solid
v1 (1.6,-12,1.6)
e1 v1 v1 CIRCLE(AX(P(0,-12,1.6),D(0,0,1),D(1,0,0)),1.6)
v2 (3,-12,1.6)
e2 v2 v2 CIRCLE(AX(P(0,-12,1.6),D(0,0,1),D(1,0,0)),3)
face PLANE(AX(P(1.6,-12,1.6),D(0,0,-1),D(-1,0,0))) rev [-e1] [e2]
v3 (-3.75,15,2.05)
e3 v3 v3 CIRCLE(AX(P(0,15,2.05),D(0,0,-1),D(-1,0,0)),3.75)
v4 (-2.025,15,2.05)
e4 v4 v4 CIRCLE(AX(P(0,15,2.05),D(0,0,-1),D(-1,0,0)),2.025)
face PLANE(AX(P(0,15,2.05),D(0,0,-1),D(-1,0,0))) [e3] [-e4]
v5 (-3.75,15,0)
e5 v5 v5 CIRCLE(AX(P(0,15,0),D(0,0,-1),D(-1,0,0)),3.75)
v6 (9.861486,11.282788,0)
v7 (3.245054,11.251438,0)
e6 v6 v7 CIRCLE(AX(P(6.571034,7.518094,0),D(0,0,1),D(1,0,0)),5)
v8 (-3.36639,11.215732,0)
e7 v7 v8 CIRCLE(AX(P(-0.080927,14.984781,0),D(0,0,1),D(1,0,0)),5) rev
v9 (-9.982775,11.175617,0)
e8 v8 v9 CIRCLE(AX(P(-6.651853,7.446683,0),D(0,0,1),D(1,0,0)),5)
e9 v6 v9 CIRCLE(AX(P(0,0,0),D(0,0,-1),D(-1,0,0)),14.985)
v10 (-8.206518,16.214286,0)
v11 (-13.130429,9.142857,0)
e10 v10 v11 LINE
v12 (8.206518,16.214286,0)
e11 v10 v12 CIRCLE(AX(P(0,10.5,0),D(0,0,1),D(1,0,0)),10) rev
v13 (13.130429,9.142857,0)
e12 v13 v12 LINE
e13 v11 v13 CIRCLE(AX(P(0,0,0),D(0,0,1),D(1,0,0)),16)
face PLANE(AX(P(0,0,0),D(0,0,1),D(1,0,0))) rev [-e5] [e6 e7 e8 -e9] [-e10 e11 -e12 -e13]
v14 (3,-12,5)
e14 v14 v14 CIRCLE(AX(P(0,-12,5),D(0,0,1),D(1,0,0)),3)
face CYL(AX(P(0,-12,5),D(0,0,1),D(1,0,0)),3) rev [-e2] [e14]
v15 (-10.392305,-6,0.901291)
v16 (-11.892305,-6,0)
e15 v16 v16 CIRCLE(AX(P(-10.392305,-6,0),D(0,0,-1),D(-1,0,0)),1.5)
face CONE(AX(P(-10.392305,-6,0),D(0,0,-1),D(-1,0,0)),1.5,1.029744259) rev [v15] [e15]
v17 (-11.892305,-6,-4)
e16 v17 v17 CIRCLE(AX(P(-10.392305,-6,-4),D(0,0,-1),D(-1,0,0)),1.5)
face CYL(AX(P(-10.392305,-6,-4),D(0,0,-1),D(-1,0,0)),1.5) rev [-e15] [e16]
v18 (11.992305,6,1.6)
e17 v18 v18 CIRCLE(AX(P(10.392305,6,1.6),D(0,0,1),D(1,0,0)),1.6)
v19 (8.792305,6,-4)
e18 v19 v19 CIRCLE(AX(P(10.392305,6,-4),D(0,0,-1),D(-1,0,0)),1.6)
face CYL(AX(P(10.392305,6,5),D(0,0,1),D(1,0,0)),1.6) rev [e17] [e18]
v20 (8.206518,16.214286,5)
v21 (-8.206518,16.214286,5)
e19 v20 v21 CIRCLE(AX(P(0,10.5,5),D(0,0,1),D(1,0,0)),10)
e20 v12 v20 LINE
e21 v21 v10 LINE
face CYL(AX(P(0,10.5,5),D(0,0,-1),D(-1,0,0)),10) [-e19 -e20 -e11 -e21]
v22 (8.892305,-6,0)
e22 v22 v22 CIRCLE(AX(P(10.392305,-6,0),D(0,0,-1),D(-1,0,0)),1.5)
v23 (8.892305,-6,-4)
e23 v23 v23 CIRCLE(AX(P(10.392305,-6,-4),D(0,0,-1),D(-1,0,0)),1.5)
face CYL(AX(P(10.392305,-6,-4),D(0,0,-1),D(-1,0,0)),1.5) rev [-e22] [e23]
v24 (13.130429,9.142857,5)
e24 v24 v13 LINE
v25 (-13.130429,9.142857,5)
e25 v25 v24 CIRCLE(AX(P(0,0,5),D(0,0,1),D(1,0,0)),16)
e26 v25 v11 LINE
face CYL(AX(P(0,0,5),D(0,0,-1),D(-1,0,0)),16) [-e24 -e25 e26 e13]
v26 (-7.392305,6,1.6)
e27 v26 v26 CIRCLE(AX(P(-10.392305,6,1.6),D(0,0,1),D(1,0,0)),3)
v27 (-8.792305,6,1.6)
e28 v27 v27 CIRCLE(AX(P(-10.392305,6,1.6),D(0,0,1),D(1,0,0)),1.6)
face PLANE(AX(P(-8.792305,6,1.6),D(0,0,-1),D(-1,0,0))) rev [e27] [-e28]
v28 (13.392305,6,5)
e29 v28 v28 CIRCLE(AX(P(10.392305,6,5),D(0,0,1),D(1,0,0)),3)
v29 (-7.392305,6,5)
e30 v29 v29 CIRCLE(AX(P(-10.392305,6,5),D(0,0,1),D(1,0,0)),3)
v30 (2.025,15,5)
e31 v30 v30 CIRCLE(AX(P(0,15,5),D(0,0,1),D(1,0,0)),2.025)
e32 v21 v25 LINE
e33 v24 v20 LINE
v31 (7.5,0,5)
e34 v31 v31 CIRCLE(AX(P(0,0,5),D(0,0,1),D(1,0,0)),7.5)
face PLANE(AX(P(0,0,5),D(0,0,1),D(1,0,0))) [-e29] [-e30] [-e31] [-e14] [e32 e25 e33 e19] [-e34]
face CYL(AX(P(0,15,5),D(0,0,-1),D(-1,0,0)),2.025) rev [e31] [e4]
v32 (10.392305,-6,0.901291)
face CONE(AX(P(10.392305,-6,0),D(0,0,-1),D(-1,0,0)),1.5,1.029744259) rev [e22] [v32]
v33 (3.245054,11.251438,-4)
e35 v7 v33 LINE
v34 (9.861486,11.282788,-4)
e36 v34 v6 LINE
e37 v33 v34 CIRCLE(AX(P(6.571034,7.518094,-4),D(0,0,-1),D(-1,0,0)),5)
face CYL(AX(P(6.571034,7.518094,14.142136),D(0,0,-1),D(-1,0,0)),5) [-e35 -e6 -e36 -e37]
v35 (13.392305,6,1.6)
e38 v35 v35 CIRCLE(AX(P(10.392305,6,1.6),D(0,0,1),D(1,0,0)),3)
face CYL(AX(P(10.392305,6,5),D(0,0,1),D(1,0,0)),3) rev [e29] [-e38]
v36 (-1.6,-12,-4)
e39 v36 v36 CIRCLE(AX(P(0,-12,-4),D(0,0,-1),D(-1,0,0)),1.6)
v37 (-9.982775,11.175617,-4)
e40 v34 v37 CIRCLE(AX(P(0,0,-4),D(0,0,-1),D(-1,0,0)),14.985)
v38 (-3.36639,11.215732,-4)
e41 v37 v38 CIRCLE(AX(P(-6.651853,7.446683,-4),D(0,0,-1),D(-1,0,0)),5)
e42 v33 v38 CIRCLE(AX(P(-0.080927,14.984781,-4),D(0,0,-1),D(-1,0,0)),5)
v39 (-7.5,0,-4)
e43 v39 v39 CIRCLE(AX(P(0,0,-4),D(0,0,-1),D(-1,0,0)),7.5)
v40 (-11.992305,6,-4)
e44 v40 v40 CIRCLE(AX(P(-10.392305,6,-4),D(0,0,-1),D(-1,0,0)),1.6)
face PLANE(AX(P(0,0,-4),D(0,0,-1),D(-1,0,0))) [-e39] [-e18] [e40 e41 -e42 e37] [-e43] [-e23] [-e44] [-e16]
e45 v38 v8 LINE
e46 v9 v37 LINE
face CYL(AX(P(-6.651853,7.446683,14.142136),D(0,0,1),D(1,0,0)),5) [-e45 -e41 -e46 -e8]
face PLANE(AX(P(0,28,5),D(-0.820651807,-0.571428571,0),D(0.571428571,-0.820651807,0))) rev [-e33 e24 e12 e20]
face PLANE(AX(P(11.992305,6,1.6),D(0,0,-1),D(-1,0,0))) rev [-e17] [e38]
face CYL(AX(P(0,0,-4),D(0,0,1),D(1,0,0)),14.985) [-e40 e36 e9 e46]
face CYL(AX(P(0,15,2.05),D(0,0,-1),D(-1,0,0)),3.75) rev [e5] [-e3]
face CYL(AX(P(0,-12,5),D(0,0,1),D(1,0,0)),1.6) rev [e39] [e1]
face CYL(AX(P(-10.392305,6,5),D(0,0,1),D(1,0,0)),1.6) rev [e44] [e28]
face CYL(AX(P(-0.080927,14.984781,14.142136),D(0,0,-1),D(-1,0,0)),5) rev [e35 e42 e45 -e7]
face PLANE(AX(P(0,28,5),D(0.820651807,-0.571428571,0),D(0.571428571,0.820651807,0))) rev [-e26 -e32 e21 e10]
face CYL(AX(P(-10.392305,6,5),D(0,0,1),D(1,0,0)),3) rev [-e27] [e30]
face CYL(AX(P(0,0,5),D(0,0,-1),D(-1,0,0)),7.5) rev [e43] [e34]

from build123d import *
from build123d.topology import SkipClean

# Parameters (mm, degrees)
SKETCH_1_R                   = 2.025
SKETCH_1_R_2                 = 7.5
EXTRUDE_1_DEPTH              = 5
FILLET_1_R                   = 10
EXTRUDE_START                = 4
SKETCH_6_R                   = 14.985
SKETCH_6_R_2                 = 7.5
EXTRUDE_2_DEPTH              = 4
HOLE_WIZARD_M3_2_D           = 3.2
HOLE_WIZARD_M3_2_CBORE_D     = 6
HOLE_WIZARD_M3_2_CBORE_DEPTH = 3.4
SKETCH_8_R                   = 5
CUT_EXTRUDE_1_DEPTH          = 4
SKETCH_4_R                   = 3.75
CUT_EXTRUDE_2_DEPTH          = 2.05
FILLET_2_R                   = 5
F_3_0MM_1_D                  = 3
F_3_0MM_1_DEPTH              = 4
F_3_0MM_1_TIP                = 0.901290929


with BuildPart() as part:
    # 草图1 → 凸台-拉伸1 (new body)
    with BuildSketch(Plane.XY):
        with BuildLine():
            Line((0, 28), (13.130428906, 9.142857143))
            ThreePointArc((13.130428906, 9.142857143), (0, -16), (-13.130428906, 9.142857143))
            Line((-13.130428906, 9.142857143), (0, 28))
        make_face()
        with Locations((0, 15)):
            Circle(SKETCH_1_R, mode=Mode.SUBTRACT)
        Circle(SKETCH_1_R_2, mode=Mode.SUBTRACT)
    extrude(amount=EXTRUDE_1_DEPTH)

    # 圆角1
    fillet_1_edges = [part.edges().sort_by_distance(p)[0] for p in [
        (0, 28, 2.5),
    ]]
    fillet(fillet_1_edges, radius=FILLET_1_R)

    # 草图6 → 凸台-拉伸2 (add)
    with SkipClean():  # the faces are left unmerged after this step: merging them gives an invalid solid
        with BuildSketch(Plane(origin=(0, 0, 0), x_dir=(-1, 0, 0), z_dir=(0, 0, -1)).offset(EXTRUDE_START)):
            with Locations(Location((0, 0, 0), (0, 0, 97.744482441))):
                Circle(SKETCH_6_R)
            Circle(SKETCH_6_R_2, mode=Mode.SUBTRACT)
        extrude(amount=-EXTRUDE_2_DEPTH)

    # M3 六角圆柱头螺钉的柱形沉头孔2 (through all)
    with Locations(Plane.XY.offset(5)):
        with Locations((10.392304845, 6), (0, -12), (-10.392304845, 6)):
            CounterBoreHole(HOLE_WIZARD_M3_2_D / 2, HOLE_WIZARD_M3_2_CBORE_D / 2, HOLE_WIZARD_M3_2_CBORE_DEPTH)

    # 草图8 → 切除-拉伸1 (cut)
    with SkipClean():  # the faces are left unmerged after this step: merging them gives an invalid solid
        with BuildSketch(Plane(origin=(0, 0, -4), x_dir=(-1, 0, 0), z_dir=(0, 0, -1))):
            with Locations((0.080926771, 14.984781475)):
                Circle(SKETCH_8_R)
        extrude(amount=-CUT_EXTRUDE_1_DEPTH, mode=Mode.SUBTRACT)

    # 草图4 → 切除-拉伸2 (cut)
    with SkipClean():  # the faces are left unmerged after this step: merging them gives an invalid solid
        with BuildSketch(Plane(origin=(0, 0, 0), x_dir=(-1, 0, 0), z_dir=(0, 0, -1))):
            with Locations((0, 15)):
                Circle(SKETCH_4_R)
        extrude(amount=-CUT_EXTRUDE_2_DEPTH, mode=Mode.SUBTRACT)

    # 圆角2
    fillet_2_edges = [part.edges().sort_by_distance(p)[0] for p in [
        (4.853431686, 14.177250293, -2),
        (-5.006275355, 14.124001985, -2),
    ]]
    fillet(fillet_2_edges, radius=FILLET_2_R)

    # Ø3.0mm 暗销孔1
    with Locations(Plane(origin=(0, 0, -4), x_dir=(-1, 0, 0), z_dir=(0, 0, -1))):
        with Locations((-10.392304845, -6), (10.392304845, -6)):
            Hole(F_3_0MM_1_D / 2, depth=F_3_0MM_1_DEPTH)
            with Locations((0, 0, -(F_3_0MM_1_DEPTH + F_3_0MM_1_TIP / 2))):  # 118° drill point
                Cone(0, F_3_0MM_1_D / 2, F_3_0MM_1_TIP, mode=Mode.SUBTRACT)


solid = part.part
